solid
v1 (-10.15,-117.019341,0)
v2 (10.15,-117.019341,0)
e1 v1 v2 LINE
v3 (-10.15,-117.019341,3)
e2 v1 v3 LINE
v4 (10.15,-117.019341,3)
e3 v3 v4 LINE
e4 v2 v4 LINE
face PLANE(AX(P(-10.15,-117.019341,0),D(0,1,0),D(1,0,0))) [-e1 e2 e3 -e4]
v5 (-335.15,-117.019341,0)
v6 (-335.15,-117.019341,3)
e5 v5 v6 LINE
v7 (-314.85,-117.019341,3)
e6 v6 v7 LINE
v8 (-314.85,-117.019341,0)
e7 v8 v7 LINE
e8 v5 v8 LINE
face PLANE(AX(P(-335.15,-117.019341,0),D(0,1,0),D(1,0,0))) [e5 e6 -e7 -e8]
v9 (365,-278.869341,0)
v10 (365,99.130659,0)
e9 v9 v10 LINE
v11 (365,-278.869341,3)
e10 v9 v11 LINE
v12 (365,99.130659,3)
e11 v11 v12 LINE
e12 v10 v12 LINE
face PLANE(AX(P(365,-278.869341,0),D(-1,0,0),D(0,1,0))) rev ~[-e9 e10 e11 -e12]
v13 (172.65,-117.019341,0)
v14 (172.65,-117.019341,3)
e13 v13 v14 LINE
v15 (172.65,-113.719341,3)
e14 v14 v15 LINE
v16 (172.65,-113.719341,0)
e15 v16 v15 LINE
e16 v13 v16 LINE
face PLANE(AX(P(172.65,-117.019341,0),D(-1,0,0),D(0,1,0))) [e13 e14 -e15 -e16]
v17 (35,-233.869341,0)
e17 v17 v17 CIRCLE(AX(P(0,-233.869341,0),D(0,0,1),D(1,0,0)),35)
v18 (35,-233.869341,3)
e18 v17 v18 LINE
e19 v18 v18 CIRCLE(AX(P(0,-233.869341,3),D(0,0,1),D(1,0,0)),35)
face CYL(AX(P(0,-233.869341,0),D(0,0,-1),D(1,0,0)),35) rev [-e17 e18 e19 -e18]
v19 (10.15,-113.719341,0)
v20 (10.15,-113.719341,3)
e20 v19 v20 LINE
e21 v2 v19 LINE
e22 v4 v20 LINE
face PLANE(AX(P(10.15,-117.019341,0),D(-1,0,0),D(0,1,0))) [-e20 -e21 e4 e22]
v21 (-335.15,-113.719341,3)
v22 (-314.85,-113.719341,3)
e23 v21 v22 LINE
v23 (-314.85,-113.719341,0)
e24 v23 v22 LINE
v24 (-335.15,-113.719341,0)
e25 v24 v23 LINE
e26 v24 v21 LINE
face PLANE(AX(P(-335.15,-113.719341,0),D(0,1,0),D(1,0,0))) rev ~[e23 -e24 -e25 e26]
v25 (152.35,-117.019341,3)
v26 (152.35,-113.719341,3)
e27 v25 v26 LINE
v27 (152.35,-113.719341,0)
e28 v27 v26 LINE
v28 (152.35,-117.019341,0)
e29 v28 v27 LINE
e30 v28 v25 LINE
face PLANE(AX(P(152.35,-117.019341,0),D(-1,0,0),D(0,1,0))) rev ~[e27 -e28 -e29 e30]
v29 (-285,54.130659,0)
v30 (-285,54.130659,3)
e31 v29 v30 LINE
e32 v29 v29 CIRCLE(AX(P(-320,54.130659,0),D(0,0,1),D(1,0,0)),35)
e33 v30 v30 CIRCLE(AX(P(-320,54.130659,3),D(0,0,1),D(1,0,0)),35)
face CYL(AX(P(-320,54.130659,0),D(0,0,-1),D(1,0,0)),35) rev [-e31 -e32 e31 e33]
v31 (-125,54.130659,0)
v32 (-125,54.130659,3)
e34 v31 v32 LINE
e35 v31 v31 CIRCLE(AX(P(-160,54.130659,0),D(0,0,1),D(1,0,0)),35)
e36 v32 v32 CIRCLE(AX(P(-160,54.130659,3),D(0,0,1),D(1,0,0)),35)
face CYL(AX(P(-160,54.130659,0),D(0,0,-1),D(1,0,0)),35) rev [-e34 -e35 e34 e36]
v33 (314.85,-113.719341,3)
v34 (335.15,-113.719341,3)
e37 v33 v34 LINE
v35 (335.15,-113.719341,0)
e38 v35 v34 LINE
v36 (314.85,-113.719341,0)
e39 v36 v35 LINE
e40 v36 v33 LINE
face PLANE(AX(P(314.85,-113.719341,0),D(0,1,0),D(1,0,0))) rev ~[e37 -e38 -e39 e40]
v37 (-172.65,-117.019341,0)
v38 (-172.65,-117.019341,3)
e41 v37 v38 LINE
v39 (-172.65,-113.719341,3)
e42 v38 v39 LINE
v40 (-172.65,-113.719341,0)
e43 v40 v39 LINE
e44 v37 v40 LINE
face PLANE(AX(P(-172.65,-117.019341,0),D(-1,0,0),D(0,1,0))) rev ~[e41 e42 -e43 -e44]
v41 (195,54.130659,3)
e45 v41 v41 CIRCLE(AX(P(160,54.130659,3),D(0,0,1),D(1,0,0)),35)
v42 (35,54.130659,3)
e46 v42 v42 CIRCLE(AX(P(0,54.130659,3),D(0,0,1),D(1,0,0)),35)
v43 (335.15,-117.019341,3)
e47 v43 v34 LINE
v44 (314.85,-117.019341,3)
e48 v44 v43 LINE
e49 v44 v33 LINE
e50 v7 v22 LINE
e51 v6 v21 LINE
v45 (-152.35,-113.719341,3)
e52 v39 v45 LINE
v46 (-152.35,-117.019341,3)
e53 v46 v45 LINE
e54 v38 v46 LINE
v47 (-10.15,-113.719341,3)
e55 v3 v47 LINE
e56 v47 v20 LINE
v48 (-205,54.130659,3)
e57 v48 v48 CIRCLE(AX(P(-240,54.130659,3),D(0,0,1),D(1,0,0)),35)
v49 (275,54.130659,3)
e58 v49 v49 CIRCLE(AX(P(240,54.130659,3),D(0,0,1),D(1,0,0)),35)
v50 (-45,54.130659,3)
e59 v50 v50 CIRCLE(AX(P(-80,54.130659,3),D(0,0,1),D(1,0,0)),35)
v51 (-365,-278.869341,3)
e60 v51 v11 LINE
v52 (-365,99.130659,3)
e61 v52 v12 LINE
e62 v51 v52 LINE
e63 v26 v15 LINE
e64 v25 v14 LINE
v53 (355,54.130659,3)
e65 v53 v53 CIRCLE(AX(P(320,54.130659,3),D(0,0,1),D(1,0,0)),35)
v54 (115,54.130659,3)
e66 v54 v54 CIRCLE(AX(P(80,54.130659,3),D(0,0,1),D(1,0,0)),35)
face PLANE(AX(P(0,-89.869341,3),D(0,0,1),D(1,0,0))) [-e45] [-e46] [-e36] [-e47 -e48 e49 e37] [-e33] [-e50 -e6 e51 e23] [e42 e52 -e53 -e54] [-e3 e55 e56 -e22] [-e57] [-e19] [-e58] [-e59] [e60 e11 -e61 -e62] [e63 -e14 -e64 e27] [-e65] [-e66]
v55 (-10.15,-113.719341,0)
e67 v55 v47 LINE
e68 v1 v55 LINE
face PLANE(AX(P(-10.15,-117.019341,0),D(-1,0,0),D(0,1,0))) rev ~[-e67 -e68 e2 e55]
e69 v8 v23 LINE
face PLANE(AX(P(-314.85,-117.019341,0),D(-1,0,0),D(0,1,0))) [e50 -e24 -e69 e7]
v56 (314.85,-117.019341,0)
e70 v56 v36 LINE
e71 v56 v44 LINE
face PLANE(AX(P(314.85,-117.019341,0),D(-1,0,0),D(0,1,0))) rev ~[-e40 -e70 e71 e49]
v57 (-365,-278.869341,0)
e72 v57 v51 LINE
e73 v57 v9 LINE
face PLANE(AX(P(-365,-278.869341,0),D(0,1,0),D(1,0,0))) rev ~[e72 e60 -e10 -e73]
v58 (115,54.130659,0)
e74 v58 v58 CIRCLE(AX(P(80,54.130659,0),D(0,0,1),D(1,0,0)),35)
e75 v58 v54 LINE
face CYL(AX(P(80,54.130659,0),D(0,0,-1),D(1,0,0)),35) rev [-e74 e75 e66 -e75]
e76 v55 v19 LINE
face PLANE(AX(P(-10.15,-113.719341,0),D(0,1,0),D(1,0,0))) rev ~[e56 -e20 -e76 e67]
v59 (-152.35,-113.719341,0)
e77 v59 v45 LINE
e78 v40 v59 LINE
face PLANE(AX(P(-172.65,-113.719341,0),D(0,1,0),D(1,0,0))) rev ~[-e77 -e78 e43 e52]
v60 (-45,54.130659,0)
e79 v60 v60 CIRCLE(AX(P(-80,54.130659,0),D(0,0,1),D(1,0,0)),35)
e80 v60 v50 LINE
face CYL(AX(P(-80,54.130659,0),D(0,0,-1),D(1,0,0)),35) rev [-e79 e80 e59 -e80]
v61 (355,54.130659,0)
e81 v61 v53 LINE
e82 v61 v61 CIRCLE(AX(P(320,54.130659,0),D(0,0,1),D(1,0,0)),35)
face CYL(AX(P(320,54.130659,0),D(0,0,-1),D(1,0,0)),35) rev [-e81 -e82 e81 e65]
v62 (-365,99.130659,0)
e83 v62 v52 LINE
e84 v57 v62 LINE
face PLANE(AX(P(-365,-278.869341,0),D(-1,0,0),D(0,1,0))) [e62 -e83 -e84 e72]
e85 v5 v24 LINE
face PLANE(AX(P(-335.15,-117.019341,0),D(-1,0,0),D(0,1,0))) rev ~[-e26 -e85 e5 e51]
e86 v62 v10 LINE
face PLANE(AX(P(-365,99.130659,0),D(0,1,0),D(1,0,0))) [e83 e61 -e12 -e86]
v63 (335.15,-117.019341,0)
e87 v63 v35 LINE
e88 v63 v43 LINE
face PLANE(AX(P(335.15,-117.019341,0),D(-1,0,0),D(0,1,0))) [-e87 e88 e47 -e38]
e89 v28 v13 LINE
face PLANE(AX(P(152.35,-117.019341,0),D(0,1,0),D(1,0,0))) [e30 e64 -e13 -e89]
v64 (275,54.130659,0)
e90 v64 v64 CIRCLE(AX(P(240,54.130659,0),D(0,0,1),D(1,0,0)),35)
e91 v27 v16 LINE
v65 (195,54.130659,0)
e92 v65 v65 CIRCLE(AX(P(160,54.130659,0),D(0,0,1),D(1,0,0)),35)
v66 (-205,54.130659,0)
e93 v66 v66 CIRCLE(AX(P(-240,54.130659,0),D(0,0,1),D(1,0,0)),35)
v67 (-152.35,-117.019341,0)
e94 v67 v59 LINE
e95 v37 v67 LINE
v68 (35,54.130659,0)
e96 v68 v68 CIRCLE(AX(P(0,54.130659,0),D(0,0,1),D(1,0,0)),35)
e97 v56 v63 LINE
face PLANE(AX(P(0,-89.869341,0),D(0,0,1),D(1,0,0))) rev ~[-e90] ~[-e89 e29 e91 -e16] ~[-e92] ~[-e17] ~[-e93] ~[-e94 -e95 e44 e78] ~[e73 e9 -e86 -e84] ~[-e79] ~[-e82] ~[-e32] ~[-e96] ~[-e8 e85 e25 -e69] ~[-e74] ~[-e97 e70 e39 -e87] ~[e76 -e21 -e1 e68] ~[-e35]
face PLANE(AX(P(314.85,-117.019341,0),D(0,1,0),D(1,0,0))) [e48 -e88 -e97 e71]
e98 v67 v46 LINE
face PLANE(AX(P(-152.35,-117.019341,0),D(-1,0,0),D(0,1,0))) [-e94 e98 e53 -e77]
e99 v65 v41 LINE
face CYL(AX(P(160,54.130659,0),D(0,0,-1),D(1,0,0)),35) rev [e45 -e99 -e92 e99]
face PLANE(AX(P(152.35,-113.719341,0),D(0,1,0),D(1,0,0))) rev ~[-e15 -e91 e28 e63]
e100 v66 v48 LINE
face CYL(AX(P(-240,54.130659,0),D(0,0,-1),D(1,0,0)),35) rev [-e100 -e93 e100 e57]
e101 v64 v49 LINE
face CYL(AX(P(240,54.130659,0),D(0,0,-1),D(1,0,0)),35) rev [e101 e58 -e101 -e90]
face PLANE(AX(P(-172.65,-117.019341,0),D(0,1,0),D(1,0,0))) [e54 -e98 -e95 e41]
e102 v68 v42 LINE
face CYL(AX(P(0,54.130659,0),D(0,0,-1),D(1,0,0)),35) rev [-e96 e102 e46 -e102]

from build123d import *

# Parameters (mm, degrees)
F0_W     = 730
F0_H     = 378
F0_W_2   = 20.3
F0_H_2   = 3.3
F0_R     = 35
F1_DEPTH = 3


with BuildPart() as f1:
    # F0 (on Top) → F1 (new body)
    with BuildSketch(Plane.XY):
        with Locations((0, -89.869341)):
            Rectangle(F0_W, F0_H)
        with Locations((-325, -115.369341)):
            Rectangle(F0_W_2, F0_H_2, mode=Mode.SUBTRACT)
        with Locations((-162.5, -115.369341)):
            Rectangle(F0_W_2, F0_H_2, mode=Mode.SUBTRACT)
        with Locations((0, -233.869341)):
            Circle(F0_R, mode=Mode.SUBTRACT)
        with Locations((0, -115.369341)):
            Rectangle(F0_W_2, F0_H_2, mode=Mode.SUBTRACT)
        with Locations((162.5, -115.369341)):
            Rectangle(F0_W_2, F0_H_2, mode=Mode.SUBTRACT)
        with Locations((325, -115.369341)):
            Rectangle(F0_W_2, F0_H_2, mode=Mode.SUBTRACT)
        with Locations((-320, 54.130659)):
            Circle(F0_R, mode=Mode.SUBTRACT)
        with Locations((-240, 54.130659)):
            Circle(F0_R, mode=Mode.SUBTRACT)
        with Locations((-160, 54.130659)):
            Circle(F0_R, mode=Mode.SUBTRACT)
        with Locations((-80, 54.130659)):
            Circle(F0_R, mode=Mode.SUBTRACT)
        with Locations((0, 54.130659)):
            Circle(F0_R, mode=Mode.SUBTRACT)
        with Locations((80, 54.130659)):
            Circle(F0_R, mode=Mode.SUBTRACT)
        with Locations((160, 54.130659)):
            Circle(F0_R, mode=Mode.SUBTRACT)
        with Locations((240, 54.130659)):
            Circle(F0_R, mode=Mode.SUBTRACT)
        with Locations((320, 54.130659)):
            Circle(F0_R, mode=Mode.SUBTRACT)
    extrude(amount=F1_DEPTH)


solid = f1.part
